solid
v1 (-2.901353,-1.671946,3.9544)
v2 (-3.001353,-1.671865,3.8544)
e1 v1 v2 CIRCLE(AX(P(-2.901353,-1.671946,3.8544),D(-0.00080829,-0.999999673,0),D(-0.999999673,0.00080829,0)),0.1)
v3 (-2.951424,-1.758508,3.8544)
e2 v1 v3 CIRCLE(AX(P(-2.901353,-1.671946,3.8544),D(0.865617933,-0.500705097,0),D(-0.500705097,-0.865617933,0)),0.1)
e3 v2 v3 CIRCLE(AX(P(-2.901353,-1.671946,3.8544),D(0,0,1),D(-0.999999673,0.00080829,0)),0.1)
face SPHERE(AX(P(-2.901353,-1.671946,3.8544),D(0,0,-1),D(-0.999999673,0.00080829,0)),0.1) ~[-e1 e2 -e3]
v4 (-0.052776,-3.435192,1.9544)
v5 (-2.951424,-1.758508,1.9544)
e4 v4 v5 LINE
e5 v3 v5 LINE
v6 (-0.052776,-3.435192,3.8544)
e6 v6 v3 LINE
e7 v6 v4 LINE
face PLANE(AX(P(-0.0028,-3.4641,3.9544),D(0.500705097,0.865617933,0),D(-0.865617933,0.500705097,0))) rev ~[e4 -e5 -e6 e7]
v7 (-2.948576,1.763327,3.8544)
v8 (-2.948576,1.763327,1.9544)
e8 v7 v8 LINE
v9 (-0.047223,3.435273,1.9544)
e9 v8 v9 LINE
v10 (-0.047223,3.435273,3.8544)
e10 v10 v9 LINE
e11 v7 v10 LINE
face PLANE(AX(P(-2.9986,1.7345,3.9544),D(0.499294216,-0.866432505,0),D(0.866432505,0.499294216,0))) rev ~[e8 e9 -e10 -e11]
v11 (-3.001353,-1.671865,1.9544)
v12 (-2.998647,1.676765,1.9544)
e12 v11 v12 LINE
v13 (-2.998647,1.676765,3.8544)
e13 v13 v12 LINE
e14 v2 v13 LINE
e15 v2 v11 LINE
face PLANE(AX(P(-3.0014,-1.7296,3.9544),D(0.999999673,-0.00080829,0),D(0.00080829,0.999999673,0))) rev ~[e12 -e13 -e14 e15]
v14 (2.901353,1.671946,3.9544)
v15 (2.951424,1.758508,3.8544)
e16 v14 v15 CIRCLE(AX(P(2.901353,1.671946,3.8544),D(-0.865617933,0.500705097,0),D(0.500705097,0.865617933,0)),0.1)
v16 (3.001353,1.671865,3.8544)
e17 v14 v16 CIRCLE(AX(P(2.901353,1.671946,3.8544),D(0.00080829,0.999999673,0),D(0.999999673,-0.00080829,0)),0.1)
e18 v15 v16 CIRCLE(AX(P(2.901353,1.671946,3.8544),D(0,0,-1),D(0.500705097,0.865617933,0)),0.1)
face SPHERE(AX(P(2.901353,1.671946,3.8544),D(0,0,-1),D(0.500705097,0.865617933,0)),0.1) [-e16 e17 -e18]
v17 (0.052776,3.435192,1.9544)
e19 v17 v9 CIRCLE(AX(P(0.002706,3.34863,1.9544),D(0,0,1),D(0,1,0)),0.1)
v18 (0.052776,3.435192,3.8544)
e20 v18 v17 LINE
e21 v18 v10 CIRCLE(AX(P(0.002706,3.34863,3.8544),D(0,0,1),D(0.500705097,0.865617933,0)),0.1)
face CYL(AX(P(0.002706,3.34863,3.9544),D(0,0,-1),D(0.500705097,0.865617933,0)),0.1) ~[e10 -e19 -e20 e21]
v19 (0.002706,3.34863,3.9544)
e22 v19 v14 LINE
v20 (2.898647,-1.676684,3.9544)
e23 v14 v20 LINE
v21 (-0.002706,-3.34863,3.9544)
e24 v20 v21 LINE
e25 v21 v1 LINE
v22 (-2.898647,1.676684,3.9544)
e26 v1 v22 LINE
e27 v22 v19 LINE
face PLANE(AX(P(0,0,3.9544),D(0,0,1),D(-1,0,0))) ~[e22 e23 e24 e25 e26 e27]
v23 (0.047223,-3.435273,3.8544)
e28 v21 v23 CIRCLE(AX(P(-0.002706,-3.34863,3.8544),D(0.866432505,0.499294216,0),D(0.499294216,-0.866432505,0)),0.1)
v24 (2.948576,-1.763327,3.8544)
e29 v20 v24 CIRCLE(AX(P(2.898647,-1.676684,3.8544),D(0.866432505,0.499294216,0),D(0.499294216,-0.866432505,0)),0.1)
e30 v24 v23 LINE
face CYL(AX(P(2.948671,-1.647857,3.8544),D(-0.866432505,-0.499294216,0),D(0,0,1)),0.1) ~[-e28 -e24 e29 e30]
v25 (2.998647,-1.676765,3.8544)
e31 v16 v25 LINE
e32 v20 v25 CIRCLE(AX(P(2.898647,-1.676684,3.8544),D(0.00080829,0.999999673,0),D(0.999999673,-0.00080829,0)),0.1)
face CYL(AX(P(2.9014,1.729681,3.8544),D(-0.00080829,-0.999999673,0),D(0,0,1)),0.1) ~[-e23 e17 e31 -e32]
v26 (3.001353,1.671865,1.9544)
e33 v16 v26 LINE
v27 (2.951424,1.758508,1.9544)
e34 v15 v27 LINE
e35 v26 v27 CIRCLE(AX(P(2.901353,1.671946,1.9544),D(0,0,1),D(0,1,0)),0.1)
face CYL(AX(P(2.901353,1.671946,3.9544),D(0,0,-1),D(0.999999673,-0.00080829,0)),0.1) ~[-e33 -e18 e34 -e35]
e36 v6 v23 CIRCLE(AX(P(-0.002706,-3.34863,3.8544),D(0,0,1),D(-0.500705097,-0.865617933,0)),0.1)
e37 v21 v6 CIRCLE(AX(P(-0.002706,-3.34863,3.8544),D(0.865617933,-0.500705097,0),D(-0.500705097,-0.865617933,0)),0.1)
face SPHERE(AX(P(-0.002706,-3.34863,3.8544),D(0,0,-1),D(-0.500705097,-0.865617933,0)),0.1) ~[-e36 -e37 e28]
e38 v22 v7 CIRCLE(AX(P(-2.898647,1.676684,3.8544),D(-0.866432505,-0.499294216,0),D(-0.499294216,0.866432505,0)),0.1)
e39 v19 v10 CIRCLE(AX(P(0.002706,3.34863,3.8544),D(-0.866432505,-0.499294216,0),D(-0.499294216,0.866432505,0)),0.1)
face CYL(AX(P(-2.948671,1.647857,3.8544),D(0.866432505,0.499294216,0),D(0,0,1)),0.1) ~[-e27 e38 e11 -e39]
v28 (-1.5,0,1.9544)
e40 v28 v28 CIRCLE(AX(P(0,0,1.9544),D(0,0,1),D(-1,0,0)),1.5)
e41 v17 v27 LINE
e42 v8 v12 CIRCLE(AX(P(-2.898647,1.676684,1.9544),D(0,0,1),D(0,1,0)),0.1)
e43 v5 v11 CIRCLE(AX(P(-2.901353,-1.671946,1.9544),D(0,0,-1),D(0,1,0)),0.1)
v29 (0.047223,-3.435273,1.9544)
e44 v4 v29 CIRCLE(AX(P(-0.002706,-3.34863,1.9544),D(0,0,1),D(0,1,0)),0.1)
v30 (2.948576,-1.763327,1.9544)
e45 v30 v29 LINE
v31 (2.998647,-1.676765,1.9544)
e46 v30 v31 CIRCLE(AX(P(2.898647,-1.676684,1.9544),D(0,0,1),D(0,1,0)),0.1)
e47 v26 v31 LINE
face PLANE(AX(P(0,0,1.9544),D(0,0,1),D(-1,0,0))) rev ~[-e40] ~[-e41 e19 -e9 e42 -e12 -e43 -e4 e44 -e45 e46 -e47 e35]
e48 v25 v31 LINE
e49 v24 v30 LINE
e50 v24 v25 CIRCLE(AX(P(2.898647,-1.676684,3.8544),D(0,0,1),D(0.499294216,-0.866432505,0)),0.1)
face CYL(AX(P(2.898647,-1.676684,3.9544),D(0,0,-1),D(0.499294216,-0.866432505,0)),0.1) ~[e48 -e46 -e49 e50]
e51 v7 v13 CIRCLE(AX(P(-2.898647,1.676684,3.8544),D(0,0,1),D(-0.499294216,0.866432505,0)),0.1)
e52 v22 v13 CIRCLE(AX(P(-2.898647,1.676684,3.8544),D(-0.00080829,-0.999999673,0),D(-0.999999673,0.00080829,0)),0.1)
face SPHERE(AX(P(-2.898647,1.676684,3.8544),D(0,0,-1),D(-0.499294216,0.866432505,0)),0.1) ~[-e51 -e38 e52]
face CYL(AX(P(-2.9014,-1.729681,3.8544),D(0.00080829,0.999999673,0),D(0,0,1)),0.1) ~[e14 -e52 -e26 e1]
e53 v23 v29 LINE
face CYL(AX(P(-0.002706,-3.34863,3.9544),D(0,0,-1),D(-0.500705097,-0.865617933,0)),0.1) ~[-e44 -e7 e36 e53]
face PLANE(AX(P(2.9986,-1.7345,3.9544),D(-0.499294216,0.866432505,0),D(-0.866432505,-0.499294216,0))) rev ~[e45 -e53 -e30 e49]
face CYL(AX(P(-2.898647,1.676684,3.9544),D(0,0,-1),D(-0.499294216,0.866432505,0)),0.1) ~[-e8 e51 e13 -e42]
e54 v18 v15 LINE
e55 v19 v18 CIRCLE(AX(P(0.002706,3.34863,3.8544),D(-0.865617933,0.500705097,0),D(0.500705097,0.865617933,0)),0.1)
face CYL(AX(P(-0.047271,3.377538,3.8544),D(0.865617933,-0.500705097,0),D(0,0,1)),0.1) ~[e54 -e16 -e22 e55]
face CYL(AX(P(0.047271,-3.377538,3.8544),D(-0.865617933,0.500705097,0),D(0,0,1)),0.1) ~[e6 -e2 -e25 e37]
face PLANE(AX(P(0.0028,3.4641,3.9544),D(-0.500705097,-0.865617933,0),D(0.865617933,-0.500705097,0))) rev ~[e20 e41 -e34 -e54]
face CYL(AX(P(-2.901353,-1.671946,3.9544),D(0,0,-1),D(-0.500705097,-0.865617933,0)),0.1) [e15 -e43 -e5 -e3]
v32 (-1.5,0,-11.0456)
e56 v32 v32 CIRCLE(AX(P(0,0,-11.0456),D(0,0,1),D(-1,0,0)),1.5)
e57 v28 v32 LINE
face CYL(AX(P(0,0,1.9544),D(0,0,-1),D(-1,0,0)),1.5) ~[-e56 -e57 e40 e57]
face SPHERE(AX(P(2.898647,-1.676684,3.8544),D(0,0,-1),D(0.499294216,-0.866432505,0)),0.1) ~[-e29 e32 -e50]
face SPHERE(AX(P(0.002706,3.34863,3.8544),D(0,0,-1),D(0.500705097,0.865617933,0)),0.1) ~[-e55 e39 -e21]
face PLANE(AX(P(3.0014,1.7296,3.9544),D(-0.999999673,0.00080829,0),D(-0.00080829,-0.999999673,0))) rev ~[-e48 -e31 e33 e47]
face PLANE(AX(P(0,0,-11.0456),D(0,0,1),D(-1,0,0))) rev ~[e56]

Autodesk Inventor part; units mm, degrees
ref_plane "YZ Plane" through (0, 0, 0) normal (1, 0, 0) x (0, 1, 0)
ref_plane "XZ Plane" through (0, 0, 0) normal (0, 1, 0) x (-1, 0, 0)
ref_plane "XY Plane" through (0, 0, 0) normal (0, 0, 1) x (1, 0, 0)
sketch "Sketch1" plane through (0, 0, 0) normal (0, 1, 0) x (-1, 0, 0)
  line L0 (0, 3.9544) -> (10, 3.9544)
  line L1 (1.5, 1.9544) -> (1.5, -11.0456)
  line L2 (1.5, -11.0456) -> (0, -11.0456)
  line L3 (0, -11.0456) -> (0, 3.9544)
  line L4 (10, 3.9544) -> (10, 1.9544)
  line L5 (10, 1.9544) -> (1.5, 1.9544)
  point P0 (0, 0)
  dimension "d0" = 10
  dimension "d1" = 2
  dimension "d2" = 15
  dimension "d21" = 1.5
revolve "Revolution1" add sketch "Sketch1" angle 360 about axis through (0, 0, -11.0456) along (0, 0, 1)
thread "Thread2" size "M3x0.5" class "6g" standard "ANSI Metric M Profile" full length
sketch "Sketch5" plane through (0, 0, 3.9544) normal (0, 0, 1) x (1, 0, 0)
  circle A0 centre (0, 0) radius 16.622
  line L0 (-2.9986, 1.7345) -> (0.0028, 3.4641)
  line L1 (0.0028, 3.4641) -> (3.0014, 1.7296)
  line L2 (3.0014, 1.7296) -> (2.9986, -1.7345)
  line L3 (2.9986, -1.7345) -> (-0.0028, -3.4641)
  line L4 (-0.0028, -3.4641) -> (-3.0014, -1.7296)
  line L5 (-3.0014, -1.7296) -> (-2.9986, 1.7345)
  dimension "d24" = 6
extrude "Extrusion1" cut sketch "Sketch5" against normal through all
fillet "Fillet1" radius 0.1 12 edges at (0.0028, 3.4641, 2.9544) (3.0014, 1.7296, 2.9544) (-2.9986, 1.7345, 2.9544) (2.9986, -1.7345, 2.9544) (-0.0028, -3.4641, 2.9544) (-3.0014, -1.7296, 2.9544) (1.5021, 2.5969, 3.9544) (-1.4979, 2.5993, 3.9544) (-3, 0.0024, 3.9544) (-1.5021, -2.5969, 3.9544) (1.4979, -2.5993, 3.9544) (3, -0.0024, 3.9544)
properties part number "Fi3es60mmcsavar" material "Steel, Alloy"
